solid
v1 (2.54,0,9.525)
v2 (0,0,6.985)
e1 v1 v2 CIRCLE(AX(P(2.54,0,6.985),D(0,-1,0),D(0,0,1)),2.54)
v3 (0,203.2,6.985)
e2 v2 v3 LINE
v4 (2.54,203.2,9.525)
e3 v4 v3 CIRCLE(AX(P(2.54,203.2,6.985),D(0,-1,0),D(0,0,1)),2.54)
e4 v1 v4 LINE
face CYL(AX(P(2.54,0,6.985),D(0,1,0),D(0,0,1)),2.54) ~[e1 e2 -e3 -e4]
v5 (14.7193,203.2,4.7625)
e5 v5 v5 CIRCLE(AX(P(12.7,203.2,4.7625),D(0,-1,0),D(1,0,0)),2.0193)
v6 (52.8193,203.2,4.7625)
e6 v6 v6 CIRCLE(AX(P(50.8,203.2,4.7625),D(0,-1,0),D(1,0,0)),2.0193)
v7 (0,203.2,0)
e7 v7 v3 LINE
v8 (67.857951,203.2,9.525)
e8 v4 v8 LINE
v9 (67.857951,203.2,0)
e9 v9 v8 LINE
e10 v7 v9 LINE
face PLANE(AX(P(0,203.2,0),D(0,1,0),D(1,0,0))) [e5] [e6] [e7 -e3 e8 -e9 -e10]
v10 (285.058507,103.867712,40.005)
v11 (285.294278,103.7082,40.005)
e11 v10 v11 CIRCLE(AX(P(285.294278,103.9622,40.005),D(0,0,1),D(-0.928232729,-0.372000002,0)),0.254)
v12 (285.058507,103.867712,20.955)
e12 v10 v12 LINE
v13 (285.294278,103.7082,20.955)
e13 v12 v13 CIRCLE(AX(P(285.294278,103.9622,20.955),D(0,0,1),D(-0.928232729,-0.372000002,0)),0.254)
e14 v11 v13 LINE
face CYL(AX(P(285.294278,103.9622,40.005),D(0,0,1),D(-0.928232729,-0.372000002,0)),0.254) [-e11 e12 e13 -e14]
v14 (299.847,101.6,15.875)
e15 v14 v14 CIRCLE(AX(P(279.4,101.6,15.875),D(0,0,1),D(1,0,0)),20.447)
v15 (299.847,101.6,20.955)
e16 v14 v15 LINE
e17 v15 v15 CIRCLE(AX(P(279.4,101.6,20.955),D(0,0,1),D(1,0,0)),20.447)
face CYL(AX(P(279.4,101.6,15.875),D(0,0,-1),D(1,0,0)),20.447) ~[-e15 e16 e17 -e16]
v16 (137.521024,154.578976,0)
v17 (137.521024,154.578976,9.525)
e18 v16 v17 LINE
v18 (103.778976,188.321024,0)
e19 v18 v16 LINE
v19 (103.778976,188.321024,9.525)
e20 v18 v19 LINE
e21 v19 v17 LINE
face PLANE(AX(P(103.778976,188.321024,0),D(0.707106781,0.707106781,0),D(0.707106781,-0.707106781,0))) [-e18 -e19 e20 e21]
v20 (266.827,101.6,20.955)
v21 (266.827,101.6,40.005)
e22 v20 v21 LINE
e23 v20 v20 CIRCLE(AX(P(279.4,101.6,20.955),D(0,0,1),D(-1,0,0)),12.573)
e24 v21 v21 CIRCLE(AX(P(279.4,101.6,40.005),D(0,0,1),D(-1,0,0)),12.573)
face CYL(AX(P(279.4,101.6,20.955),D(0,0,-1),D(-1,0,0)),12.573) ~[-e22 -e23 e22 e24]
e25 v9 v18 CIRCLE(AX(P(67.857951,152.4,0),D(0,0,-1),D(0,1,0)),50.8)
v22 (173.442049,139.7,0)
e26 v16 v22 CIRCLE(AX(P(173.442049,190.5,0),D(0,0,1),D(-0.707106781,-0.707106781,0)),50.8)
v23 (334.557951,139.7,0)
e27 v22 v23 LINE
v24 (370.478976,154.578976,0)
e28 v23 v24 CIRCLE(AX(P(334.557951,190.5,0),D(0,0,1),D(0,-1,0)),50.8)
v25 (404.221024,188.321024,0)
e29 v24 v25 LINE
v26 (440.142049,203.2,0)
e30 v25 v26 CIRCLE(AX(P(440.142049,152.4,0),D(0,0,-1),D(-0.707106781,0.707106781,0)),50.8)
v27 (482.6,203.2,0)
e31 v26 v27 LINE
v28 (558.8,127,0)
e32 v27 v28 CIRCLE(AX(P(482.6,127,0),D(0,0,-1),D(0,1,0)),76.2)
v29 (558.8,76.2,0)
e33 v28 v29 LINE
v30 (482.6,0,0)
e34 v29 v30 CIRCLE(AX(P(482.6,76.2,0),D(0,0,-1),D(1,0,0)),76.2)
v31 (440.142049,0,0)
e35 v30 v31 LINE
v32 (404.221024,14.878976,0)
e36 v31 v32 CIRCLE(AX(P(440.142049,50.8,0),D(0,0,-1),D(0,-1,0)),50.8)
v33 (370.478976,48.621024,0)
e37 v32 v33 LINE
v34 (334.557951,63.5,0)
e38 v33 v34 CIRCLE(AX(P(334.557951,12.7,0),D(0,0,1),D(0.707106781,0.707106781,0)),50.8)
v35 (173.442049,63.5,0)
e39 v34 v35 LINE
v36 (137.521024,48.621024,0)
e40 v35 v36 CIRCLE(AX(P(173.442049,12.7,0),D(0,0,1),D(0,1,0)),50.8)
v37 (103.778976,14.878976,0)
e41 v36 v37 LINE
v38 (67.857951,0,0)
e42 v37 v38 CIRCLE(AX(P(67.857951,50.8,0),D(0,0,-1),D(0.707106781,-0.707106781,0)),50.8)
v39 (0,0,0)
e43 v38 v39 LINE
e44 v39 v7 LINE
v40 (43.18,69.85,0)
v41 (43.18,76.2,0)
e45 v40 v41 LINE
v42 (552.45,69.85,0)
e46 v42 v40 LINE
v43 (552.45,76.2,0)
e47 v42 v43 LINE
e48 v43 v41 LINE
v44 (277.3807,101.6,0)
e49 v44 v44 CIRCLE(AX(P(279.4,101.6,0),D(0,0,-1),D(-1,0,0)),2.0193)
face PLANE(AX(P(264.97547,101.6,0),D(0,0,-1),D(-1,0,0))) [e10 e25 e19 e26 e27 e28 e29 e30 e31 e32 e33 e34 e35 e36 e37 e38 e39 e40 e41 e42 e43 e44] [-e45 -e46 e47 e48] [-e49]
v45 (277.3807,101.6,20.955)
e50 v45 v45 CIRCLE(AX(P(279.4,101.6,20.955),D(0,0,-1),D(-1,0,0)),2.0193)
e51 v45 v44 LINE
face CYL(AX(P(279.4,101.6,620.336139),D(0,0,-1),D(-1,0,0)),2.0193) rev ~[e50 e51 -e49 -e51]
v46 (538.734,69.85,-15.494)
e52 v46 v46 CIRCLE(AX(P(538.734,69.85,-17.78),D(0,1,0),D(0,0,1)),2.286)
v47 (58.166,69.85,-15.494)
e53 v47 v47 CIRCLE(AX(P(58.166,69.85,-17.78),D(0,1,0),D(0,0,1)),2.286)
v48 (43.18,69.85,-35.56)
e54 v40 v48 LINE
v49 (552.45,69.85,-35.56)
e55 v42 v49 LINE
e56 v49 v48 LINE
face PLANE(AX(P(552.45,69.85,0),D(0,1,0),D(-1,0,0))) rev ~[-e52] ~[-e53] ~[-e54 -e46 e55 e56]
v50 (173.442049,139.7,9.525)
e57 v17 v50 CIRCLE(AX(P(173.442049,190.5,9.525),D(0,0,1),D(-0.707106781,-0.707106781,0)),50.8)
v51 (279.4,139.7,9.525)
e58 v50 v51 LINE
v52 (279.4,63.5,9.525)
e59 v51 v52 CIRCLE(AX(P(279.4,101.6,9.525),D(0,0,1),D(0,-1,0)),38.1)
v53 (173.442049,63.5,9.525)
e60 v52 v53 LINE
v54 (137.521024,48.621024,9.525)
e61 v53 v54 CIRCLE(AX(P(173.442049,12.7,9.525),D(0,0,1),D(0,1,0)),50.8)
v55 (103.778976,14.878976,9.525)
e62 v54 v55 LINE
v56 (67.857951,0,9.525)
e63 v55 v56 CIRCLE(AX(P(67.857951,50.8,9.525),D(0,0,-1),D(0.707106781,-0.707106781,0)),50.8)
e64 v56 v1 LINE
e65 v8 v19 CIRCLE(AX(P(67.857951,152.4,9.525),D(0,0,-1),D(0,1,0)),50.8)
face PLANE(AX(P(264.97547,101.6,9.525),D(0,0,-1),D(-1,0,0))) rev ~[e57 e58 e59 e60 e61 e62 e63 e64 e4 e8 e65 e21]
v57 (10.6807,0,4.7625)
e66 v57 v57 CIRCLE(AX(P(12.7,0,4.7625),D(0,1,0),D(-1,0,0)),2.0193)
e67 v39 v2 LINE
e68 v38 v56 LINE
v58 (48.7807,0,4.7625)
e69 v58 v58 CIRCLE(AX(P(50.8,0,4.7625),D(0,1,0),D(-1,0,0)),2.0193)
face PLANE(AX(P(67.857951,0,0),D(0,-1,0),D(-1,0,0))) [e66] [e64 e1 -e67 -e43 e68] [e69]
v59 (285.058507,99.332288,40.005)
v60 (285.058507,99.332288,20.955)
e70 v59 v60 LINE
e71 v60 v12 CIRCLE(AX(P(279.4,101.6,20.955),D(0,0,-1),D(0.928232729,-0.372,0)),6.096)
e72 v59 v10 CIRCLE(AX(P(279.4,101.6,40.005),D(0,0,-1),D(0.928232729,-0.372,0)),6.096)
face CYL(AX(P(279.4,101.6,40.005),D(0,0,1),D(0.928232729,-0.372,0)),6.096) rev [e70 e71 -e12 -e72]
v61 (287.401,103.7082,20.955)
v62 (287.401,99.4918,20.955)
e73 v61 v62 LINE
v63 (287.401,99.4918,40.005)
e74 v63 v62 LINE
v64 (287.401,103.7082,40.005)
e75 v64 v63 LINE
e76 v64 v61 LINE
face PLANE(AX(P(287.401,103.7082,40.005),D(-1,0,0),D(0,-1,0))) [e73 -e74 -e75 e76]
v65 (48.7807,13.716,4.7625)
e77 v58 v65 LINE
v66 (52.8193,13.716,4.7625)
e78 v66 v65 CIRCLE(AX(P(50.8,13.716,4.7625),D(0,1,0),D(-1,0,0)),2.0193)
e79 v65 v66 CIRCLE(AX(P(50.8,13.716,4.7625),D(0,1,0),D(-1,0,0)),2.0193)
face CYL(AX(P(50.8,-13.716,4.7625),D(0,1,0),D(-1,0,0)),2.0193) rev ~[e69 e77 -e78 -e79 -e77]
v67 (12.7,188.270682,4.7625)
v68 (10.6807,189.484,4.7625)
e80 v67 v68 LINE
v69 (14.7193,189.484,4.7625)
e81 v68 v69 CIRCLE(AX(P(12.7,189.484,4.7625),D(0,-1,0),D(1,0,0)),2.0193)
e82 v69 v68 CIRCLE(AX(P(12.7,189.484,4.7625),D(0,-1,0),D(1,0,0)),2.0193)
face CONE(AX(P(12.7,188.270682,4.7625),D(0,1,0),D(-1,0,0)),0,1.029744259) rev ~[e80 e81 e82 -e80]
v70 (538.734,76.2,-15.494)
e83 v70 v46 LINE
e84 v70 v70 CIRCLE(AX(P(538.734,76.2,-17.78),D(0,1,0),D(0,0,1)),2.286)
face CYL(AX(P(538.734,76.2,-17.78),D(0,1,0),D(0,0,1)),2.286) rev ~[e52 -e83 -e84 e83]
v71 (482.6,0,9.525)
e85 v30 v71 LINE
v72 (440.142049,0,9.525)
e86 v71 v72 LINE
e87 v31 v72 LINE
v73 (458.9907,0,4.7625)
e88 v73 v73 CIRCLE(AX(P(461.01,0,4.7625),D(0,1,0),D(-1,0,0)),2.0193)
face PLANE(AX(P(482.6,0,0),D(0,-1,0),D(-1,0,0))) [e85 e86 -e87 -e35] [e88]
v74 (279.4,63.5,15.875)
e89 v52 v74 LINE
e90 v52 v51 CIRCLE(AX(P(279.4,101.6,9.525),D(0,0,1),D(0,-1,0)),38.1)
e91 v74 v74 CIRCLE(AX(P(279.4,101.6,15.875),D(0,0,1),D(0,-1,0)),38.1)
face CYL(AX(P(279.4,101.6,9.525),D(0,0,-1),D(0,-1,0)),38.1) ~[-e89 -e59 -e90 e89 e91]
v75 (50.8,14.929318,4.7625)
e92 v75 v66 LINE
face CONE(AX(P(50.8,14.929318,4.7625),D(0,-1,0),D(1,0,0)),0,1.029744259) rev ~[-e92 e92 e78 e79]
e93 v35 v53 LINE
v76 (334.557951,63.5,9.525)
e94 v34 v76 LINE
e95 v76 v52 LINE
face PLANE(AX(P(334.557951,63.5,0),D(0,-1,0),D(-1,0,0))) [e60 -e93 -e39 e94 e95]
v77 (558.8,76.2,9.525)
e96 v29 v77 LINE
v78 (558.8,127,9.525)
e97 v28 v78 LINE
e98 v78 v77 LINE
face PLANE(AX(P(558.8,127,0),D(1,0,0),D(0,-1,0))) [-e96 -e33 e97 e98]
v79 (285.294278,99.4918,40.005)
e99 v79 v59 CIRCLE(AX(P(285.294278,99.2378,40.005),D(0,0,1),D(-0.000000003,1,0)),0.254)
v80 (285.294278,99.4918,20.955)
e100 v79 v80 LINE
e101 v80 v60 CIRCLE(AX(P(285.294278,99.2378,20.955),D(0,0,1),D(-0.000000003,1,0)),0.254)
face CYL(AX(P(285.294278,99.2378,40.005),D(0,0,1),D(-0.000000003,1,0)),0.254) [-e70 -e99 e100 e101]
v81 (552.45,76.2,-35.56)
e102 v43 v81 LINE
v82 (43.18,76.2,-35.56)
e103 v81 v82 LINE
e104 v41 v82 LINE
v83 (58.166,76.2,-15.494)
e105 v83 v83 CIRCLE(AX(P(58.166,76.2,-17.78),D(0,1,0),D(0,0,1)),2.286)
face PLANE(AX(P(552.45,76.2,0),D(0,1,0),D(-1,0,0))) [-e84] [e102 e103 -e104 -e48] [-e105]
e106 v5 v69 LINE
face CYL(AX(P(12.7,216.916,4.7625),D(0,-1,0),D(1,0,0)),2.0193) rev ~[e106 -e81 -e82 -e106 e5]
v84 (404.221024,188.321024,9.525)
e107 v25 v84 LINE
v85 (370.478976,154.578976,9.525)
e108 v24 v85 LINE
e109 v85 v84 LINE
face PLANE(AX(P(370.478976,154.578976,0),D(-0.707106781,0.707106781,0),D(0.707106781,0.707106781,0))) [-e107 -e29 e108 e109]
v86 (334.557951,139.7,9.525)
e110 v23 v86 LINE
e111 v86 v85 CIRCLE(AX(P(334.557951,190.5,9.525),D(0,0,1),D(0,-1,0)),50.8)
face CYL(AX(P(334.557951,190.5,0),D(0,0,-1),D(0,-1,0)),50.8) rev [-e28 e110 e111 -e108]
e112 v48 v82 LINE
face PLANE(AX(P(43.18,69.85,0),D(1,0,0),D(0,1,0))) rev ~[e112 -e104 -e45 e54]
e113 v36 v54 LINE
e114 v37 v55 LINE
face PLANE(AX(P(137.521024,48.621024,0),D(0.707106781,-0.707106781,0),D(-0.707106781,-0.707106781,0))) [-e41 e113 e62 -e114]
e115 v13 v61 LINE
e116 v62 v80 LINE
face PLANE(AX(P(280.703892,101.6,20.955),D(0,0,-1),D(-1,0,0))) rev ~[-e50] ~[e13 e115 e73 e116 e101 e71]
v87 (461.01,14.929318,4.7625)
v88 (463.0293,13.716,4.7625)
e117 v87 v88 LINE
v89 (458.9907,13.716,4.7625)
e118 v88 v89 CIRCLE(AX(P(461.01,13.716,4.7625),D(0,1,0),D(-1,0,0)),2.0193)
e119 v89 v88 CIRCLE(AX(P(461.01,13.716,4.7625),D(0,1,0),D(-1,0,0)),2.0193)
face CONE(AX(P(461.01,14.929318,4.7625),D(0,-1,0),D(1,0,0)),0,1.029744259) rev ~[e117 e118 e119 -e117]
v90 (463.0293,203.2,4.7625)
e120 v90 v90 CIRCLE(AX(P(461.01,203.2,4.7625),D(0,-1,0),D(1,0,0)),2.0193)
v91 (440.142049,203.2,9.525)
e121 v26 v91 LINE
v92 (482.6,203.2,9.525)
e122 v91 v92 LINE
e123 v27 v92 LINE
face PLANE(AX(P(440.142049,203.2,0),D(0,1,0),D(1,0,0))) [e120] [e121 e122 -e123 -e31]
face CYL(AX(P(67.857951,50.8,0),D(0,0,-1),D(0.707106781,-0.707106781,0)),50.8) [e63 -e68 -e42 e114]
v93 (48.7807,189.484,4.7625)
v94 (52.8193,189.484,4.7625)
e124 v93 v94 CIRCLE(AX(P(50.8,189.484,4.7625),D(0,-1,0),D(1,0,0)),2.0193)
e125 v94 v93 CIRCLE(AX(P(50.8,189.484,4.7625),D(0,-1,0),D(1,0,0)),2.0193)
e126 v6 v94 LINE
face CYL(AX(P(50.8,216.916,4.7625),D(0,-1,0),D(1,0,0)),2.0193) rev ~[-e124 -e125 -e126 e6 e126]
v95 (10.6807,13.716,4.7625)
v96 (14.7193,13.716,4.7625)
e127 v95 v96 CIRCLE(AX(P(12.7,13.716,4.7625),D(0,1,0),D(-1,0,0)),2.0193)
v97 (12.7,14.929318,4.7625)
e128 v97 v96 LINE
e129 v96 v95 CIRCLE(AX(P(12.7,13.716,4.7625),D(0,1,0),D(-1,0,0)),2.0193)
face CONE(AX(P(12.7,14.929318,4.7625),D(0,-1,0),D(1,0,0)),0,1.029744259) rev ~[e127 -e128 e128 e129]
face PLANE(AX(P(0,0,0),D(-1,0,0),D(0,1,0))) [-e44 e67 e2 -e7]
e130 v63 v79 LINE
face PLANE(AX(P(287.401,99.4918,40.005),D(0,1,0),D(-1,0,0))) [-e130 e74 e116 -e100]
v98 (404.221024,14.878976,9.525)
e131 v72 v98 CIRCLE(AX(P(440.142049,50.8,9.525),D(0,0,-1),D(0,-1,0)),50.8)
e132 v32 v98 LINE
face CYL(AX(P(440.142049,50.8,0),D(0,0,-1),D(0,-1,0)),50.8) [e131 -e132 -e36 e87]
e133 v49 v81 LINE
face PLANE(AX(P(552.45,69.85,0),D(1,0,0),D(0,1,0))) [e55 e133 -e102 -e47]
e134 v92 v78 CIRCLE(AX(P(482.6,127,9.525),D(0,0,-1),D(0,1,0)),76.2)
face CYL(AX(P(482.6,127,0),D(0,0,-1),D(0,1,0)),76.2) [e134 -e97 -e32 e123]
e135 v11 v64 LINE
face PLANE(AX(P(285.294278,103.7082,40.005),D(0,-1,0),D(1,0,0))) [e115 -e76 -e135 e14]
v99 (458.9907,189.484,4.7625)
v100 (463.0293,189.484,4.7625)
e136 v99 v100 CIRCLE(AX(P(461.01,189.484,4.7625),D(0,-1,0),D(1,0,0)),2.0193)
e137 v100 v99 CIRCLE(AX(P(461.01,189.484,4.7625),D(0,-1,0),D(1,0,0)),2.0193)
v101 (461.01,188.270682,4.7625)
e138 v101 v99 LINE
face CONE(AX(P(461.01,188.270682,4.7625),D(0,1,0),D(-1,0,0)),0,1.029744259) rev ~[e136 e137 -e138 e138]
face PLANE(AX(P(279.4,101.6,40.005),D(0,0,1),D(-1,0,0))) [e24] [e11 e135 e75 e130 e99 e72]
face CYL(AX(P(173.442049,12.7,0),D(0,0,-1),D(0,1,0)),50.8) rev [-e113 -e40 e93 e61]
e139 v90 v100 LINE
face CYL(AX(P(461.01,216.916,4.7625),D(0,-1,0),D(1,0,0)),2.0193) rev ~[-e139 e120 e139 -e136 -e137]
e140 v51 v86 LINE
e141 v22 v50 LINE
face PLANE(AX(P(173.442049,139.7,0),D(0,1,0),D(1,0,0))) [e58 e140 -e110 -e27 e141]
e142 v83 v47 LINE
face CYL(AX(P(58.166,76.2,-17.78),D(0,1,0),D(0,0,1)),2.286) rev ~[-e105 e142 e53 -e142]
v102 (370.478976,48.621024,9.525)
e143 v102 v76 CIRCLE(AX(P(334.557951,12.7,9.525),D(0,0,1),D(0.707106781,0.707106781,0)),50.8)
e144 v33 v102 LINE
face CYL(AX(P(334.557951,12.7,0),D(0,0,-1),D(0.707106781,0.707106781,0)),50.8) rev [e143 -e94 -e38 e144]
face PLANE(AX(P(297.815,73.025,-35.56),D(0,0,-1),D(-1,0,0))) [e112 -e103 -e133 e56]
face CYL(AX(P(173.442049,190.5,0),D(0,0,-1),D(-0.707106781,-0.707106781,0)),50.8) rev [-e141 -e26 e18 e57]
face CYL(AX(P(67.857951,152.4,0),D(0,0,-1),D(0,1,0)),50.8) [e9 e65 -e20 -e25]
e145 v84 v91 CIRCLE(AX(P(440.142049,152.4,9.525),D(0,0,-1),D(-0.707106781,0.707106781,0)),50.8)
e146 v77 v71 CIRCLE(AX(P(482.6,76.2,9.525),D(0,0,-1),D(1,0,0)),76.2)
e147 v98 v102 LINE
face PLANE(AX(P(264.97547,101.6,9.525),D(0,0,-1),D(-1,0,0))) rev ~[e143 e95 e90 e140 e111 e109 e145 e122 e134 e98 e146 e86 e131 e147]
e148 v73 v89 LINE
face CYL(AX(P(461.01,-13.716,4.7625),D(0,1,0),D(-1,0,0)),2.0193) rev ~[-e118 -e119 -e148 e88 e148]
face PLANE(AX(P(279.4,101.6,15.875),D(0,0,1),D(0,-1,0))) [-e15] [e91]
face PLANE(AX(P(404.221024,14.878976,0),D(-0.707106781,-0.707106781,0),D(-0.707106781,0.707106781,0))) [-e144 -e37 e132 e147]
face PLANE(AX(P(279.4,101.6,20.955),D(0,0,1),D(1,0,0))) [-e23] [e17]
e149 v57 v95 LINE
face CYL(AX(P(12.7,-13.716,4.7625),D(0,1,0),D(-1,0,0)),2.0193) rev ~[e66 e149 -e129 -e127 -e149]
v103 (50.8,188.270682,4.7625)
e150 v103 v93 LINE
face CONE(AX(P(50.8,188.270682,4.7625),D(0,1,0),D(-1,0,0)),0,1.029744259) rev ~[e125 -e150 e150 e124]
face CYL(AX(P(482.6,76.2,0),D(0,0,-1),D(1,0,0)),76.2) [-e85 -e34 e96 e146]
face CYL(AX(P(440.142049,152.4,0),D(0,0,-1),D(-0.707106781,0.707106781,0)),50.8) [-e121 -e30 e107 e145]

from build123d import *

# Parameters (mm, degrees)
BOSS_EXTRUDE1_DEPTH        = 9.525
SKETCH6_W                  = 509.27
SKETCH6_H                  = 6.35
BOSS_EXTRUDE3_DEPTH        = 35.56
SKETCH7_R                  = 2.286
CUT_EXTRUDE4_DEPTH         = 575.152378381
F_10_32_TAPPED_HOLE1_D     = 4.0386
F_10_32_TAPPED_HOLE1_DEPTH = 13.716
F_10_32_TAPPED_HOLE1_TIP   = 1.213317848
F_10_32_TAPPED_HOLE2_D     = 4.0386
F_10_32_TAPPED_HOLE2_DEPTH = 13.716
F_10_32_TAPPED_HOLE2_TIP   = 1.213317848
SKETCH12_R                 = 38.1
BOSS_EXTRUDE4_DEPTH        = 6.35
SKETCH13_R                 = 20.447
BOSS_EXTRUDE5_DEPTH        = 5.08
SKETCH14_R                 = 12.573
BOSS_EXTRUDE6_DEPTH        = 19.05
CUT_EXTRUDE5_DEPTH         = 19.05
FILLET1_R                  = 2.54
F_10_32_TAPPED_HOLE3_D     = 4.0386


with BuildPart() as part:
    # Sketch1 → Boss-Extrude1 (new body)
    with BuildSketch(Plane.XY):
        with BuildLine():
            Line((103.778975516, 188.321024484), (137.521024484, 154.578975516))
            ThreePointArc((137.521024484, 154.578975516), (154.001730604, 143.566919748), (173.442048969, 139.7))
            Line((173.442048969, 139.7), (334.557951031, 139.7))
            ThreePointArc((334.557951031, 139.7), (353.998269396, 143.566919748), (370.478975516, 154.578975516))
            Line((370.478975516, 154.578975516), (404.221024484, 188.321024484))
            ThreePointArc((404.221024484, 188.321024484), (420.701730604, 199.333080252), (440.142048969, 203.2))
            Line((440.142048969, 203.2), (482.6, 203.2))
            ThreePointArc((482.6, 203.2), (536.481536726, 180.881536726), (558.8, 127))
            Line((558.8, 127), (558.8, 76.2))
            ThreePointArc((558.8, 76.2), (536.481536726, 22.318463274), (482.6, 0))
            Line((482.6, 0), (440.142048969, 0))
            ThreePointArc((440.142048969, 0), (420.701730604, 3.866919748), (404.221024484, 14.878975516))
            Line((404.221024484, 14.878975516), (370.478975516, 48.621024484))
            ThreePointArc((370.478975516, 48.621024484), (353.998269396, 59.633080252), (334.557951031, 63.5))
            Line((334.557951031, 63.5), (173.442048969, 63.5))
            ThreePointArc((173.442048969, 63.5), (154.001730604, 59.633080252), (137.521024484, 48.621024484))
            Line((137.521024484, 48.621024484), (103.778975516, 14.878975516))
            ThreePointArc((103.778975516, 14.878975516), (87.298269396, 3.866919748), (67.857951031, 0))
            Line((67.857951031, 0), (0, 0))
            Line((0, 0), (0, 203.2))
            Line((0, 203.2), (67.857951031, 203.2))
            ThreePointArc((67.857951031, 203.2), (87.298269396, 199.333080252), (103.778975516, 188.321024484))
        make_face()
    extrude(amount=BOSS_EXTRUDE1_DEPTH)

    # Sketch6 → Boss-Extrude3 (add)
    with BuildSketch(Plane(origin=(0, 0, 0), x_dir=(-1, 0, 0), z_dir=(0, 0, -1))):
        with Locations((-297.815, 73.025)):
            Rectangle(SKETCH6_W, SKETCH6_H)
    extrude(amount=BOSS_EXTRUDE3_DEPTH)

    # Sketch7 → Cut-Extrude4 (cut, through all)
    with BuildSketch(Plane(origin=(0, 76.2, 0), x_dir=(1, 0, 0), z_dir=(0, 1, 0))):
        with Locations(Location((58.166, 17.78, 0), (0, 0, 270))):
            Circle(SKETCH7_R)
        with Locations(Location((538.734, 17.78, 0), (0, 0, 270))):
            Circle(SKETCH7_R)
    extrude(amount=-CUT_EXTRUDE4_DEPTH, mode=Mode.SUBTRACT)

    # #10-32 Tapped Hole1
    with Locations(Plane(origin=(0, 203.2, 0), x_dir=(-1, 0, 0), z_dir=(0, 1, 0))):
        with Locations((-12.7, 4.7625), (-50.8, 4.7625), (-461.01, 4.7625)):
            Hole(F_10_32_TAPPED_HOLE1_D / 2, depth=F_10_32_TAPPED_HOLE1_DEPTH)
            with Locations((0, 0, -(F_10_32_TAPPED_HOLE1_DEPTH + F_10_32_TAPPED_HOLE1_TIP / 2))):  # 118° drill point
                Cone(0, F_10_32_TAPPED_HOLE1_D / 2, F_10_32_TAPPED_HOLE1_TIP, mode=Mode.SUBTRACT)

    # #10-32 Tapped Hole2
    with Locations(Plane.XZ):
        with Locations((12.7, 4.7625), (50.8, 4.7625), (461.01, 4.7625)):
            Hole(F_10_32_TAPPED_HOLE2_D / 2, depth=F_10_32_TAPPED_HOLE2_DEPTH)
            with Locations((0, 0, -(F_10_32_TAPPED_HOLE2_DEPTH + F_10_32_TAPPED_HOLE2_TIP / 2))):  # 118° drill point
                Cone(0, F_10_32_TAPPED_HOLE2_D / 2, F_10_32_TAPPED_HOLE2_TIP, mode=Mode.SUBTRACT)

    # Sketch12 → Boss-Extrude4 (add)
    with BuildSketch(Plane.XY.offset(9.525)):
        with Locations(Location((279.4, 101.6, 0), (0, 0, 270))):
            Circle(SKETCH12_R)
    extrude(amount=BOSS_EXTRUDE4_DEPTH)

    # Sketch13 → Boss-Extrude5 (add)
    with BuildSketch(Plane.XY.offset(15.875)):
        with Locations((279.4, 101.6)):
            Circle(SKETCH13_R)
    extrude(amount=BOSS_EXTRUDE5_DEPTH)

    # Sketch14 → Boss-Extrude6 (add)
    with BuildSketch(Plane.XY.offset(20.955)):
        with Locations(Location((279.4, 101.6, 0), (0, 0, 180))):
            Circle(SKETCH14_R)
    extrude(amount=BOSS_EXTRUDE6_DEPTH)

    # Sketch15 → Cut-Extrude5 (cut)
    with BuildSketch(Plane.XY.offset(40.005)):
        with BuildLine():
            Line((287.401, 103.7082), (287.401, 99.4918))
            Line((287.401, 99.4918), (285.294277832, 99.4918))
            ThreePointArc((285.294277832, 99.4918), (285.151947147, 99.448175797), (285.058506719, 99.332288))
            ThreePointArc((285.058506719, 99.332288), (273.304, 101.6), (285.058506719, 103.867712))
            ThreePointArc((285.058506719, 103.867712), (285.151947147, 103.751824203), (285.294277832, 103.7082))
            Line((285.294277832, 103.7082), (287.401, 103.7082))
        make_face()
    extrude(amount=-CUT_EXTRUDE5_DEPTH, mode=Mode.SUBTRACT)

    # Fillet1
    fillet1_edges = [part.edges().sort_by_distance(p)[0] for p in [
        (0, 101.6, 9.525),
    ]]
    fillet(fillet1_edges, radius=FILLET1_R)

    # #10-32 Tapped Hole3 (through all)
    with Locations(Plane(origin=(279.4, 101.6, 20.955), x_dir=(1, 0, 0), z_dir=(0, 0, 1))):
        with Locations((0, 0)):
            Hole(F_10_32_TAPPED_HOLE3_D / 2)


solid = part.part
